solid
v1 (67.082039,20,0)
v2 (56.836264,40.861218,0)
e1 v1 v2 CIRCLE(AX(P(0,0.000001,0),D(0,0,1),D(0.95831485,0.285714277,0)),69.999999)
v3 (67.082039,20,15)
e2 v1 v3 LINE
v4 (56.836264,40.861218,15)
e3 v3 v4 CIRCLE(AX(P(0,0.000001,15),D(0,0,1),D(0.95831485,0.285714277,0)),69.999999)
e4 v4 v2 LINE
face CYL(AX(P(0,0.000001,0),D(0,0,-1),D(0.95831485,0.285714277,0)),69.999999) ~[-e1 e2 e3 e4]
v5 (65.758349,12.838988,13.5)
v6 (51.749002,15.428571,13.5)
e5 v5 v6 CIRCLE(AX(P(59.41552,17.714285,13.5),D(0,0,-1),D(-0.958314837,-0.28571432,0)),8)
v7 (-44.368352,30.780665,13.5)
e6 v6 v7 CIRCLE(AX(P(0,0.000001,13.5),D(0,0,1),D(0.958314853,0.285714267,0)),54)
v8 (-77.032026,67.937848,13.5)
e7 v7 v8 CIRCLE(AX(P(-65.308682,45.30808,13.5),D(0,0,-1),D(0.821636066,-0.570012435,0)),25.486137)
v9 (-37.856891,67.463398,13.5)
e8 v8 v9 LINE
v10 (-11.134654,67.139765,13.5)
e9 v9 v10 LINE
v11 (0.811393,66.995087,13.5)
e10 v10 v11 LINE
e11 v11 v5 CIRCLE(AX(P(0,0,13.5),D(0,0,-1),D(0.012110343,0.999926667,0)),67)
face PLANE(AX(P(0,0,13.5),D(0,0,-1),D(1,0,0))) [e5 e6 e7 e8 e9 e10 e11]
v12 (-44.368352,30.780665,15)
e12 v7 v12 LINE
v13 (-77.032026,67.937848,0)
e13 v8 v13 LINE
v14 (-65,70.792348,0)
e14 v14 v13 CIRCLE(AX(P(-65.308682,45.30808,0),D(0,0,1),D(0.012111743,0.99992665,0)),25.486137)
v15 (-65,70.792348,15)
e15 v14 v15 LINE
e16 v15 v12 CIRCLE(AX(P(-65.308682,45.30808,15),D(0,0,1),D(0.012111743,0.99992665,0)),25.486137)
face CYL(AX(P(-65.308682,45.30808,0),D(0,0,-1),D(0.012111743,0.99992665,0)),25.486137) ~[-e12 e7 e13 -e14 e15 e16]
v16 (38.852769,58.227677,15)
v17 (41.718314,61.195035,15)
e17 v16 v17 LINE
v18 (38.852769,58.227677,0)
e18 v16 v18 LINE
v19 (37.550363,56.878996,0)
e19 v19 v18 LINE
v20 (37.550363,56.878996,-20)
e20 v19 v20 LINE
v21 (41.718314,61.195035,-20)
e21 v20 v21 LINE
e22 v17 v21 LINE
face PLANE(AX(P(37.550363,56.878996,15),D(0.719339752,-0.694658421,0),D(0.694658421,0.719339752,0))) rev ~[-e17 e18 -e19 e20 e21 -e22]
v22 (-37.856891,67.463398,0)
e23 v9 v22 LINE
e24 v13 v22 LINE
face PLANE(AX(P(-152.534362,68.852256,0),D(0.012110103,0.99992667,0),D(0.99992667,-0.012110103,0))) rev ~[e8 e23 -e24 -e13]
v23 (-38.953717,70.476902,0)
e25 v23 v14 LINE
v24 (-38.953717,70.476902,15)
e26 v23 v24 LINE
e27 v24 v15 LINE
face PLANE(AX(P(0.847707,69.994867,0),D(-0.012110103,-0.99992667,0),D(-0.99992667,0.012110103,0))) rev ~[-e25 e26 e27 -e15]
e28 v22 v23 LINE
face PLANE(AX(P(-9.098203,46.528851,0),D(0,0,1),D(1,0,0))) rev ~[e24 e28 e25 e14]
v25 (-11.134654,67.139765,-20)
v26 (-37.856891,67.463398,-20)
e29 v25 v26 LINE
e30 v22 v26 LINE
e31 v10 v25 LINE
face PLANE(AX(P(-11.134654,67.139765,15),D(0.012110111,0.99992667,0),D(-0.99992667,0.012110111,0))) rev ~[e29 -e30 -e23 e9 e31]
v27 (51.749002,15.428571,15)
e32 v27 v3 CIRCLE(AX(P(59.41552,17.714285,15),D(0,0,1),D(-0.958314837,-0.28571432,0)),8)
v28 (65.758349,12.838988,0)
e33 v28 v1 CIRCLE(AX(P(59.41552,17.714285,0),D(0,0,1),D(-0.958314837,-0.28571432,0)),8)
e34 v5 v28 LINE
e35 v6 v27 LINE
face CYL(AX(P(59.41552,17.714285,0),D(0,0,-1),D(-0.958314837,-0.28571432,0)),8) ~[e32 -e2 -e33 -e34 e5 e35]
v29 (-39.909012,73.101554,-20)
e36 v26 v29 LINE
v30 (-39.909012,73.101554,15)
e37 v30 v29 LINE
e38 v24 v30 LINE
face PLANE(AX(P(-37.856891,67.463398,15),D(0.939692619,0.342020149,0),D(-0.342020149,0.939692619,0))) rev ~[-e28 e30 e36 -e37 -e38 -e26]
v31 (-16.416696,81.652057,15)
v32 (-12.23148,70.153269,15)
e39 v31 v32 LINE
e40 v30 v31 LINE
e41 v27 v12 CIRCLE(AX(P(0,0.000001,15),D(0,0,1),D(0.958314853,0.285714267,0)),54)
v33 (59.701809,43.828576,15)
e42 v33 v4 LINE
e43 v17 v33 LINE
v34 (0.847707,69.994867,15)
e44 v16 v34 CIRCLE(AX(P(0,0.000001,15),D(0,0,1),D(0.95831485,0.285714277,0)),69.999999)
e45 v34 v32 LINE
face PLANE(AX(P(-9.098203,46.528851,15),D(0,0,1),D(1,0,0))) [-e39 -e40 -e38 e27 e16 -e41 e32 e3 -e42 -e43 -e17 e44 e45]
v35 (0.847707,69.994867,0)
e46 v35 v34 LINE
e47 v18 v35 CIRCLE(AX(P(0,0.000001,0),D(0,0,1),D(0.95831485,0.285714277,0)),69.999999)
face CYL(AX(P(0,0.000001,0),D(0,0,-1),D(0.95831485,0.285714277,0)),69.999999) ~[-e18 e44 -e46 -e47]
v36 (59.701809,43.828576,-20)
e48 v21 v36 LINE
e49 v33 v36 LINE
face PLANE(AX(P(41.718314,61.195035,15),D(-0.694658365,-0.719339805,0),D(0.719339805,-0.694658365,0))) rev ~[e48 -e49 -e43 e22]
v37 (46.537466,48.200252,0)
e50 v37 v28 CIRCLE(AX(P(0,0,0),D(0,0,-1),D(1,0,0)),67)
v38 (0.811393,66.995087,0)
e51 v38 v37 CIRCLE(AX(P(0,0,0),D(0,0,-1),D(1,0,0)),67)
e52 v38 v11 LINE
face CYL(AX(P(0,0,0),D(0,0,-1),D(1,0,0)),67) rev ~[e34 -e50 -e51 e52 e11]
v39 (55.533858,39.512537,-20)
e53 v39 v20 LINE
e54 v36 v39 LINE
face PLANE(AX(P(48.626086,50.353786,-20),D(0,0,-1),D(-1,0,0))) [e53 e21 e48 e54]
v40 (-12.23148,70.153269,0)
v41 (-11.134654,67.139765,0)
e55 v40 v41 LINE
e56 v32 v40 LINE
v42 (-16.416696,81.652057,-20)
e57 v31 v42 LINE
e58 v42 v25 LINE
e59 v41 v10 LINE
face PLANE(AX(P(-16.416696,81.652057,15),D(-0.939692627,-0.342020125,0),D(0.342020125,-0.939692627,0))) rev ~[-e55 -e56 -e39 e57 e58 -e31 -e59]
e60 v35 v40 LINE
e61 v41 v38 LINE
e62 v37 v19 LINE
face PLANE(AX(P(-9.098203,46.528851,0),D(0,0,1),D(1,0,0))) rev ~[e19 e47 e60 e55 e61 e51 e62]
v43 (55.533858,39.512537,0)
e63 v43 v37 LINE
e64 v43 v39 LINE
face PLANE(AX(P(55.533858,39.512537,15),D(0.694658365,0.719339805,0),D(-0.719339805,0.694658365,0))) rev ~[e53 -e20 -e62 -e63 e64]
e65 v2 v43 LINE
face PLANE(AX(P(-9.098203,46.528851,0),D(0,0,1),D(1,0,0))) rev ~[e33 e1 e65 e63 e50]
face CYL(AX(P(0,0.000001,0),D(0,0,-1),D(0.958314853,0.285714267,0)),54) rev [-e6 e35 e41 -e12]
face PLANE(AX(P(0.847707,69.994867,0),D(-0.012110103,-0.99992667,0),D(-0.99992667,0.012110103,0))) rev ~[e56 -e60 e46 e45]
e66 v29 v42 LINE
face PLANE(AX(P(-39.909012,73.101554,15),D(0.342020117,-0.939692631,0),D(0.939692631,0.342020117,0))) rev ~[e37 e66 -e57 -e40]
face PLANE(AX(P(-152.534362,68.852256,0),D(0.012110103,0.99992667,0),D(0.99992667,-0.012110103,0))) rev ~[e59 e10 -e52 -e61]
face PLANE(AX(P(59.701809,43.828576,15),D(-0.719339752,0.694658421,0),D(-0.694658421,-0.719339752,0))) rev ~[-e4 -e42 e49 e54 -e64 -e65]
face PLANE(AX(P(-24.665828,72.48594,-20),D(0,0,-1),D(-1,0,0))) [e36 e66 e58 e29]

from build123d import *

# Parameters (mm, degrees)
PAD_DEPTH       = 15
SKETCH002_R     = 67
POCKET_DEPTH    = 13.5
POCKET001_DEPTH = 13.5
PAD001_DEPTH    = 35
PAD002_DEPTH    = 35


with BuildPart() as part:
    # Sketch001 → Pad (new body)
    with BuildSketch(Plane.XY):
        with BuildLine():
            ThreePointArc((67.082039, 20), (42.17208, 55.870526), (0.847707, 69.994867))
            Line((0.847707, 69.994867), (-65, 70.792348))
            ThreePointArc((-65, 70.792348), (-87.960697, 33.627781), (-44.368352, 30.780665))
            ThreePointArc((51.749002, 15.428571), (8.517053, 53.324102), (-44.368352, 30.780665))
            ThreePointArc((51.749002, 15.428571), (61.701235, 10.047767), (67.082039, 20))
        make_face()
    extrude(amount=PAD_DEPTH)

    # Sketch002 → Pocket (cut)
    with BuildSketch(Plane(origin=(0, 0, 0), x_dir=(1, 0, 0), z_dir=(0, 0, -1))):
        Circle(SKETCH002_R)
    extrude(amount=-POCKET_DEPTH, mode=Mode.SUBTRACT)

    # Sketch003 → Pocket001 (cut)
    with BuildSketch(Plane(origin=(0, 0, 0), x_dir=(1, 0, 0), z_dir=(0, 0, -1))):
        Polygon((-152.534362, -68.852256), (0.811393, -66.995087), (-35.4631, 35.7409), align=None)
    extrude(amount=-POCKET001_DEPTH, mode=Mode.SUBTRACT)

    # Sketch005 → Pad001 (new body)
    with BuildSketch(Plane.XY.offset(15)):
        Polygon((37.550363, 56.878996), (41.718314, 61.195035), (59.701809, 43.828576), (55.533858, 39.512537), align=None)
    extrude(amount=-PAD001_DEPTH)

    # Sketch006 → Pad002 (new body)
    with BuildSketch(Plane.XY.offset(15)):
        Polygon((-37.856891, 67.463398), (-39.909012, 73.101554), (-16.416696, 81.652057), (-11.134654, 67.139765), align=None)
    extrude(amount=-PAD002_DEPTH)


solid = part.part
